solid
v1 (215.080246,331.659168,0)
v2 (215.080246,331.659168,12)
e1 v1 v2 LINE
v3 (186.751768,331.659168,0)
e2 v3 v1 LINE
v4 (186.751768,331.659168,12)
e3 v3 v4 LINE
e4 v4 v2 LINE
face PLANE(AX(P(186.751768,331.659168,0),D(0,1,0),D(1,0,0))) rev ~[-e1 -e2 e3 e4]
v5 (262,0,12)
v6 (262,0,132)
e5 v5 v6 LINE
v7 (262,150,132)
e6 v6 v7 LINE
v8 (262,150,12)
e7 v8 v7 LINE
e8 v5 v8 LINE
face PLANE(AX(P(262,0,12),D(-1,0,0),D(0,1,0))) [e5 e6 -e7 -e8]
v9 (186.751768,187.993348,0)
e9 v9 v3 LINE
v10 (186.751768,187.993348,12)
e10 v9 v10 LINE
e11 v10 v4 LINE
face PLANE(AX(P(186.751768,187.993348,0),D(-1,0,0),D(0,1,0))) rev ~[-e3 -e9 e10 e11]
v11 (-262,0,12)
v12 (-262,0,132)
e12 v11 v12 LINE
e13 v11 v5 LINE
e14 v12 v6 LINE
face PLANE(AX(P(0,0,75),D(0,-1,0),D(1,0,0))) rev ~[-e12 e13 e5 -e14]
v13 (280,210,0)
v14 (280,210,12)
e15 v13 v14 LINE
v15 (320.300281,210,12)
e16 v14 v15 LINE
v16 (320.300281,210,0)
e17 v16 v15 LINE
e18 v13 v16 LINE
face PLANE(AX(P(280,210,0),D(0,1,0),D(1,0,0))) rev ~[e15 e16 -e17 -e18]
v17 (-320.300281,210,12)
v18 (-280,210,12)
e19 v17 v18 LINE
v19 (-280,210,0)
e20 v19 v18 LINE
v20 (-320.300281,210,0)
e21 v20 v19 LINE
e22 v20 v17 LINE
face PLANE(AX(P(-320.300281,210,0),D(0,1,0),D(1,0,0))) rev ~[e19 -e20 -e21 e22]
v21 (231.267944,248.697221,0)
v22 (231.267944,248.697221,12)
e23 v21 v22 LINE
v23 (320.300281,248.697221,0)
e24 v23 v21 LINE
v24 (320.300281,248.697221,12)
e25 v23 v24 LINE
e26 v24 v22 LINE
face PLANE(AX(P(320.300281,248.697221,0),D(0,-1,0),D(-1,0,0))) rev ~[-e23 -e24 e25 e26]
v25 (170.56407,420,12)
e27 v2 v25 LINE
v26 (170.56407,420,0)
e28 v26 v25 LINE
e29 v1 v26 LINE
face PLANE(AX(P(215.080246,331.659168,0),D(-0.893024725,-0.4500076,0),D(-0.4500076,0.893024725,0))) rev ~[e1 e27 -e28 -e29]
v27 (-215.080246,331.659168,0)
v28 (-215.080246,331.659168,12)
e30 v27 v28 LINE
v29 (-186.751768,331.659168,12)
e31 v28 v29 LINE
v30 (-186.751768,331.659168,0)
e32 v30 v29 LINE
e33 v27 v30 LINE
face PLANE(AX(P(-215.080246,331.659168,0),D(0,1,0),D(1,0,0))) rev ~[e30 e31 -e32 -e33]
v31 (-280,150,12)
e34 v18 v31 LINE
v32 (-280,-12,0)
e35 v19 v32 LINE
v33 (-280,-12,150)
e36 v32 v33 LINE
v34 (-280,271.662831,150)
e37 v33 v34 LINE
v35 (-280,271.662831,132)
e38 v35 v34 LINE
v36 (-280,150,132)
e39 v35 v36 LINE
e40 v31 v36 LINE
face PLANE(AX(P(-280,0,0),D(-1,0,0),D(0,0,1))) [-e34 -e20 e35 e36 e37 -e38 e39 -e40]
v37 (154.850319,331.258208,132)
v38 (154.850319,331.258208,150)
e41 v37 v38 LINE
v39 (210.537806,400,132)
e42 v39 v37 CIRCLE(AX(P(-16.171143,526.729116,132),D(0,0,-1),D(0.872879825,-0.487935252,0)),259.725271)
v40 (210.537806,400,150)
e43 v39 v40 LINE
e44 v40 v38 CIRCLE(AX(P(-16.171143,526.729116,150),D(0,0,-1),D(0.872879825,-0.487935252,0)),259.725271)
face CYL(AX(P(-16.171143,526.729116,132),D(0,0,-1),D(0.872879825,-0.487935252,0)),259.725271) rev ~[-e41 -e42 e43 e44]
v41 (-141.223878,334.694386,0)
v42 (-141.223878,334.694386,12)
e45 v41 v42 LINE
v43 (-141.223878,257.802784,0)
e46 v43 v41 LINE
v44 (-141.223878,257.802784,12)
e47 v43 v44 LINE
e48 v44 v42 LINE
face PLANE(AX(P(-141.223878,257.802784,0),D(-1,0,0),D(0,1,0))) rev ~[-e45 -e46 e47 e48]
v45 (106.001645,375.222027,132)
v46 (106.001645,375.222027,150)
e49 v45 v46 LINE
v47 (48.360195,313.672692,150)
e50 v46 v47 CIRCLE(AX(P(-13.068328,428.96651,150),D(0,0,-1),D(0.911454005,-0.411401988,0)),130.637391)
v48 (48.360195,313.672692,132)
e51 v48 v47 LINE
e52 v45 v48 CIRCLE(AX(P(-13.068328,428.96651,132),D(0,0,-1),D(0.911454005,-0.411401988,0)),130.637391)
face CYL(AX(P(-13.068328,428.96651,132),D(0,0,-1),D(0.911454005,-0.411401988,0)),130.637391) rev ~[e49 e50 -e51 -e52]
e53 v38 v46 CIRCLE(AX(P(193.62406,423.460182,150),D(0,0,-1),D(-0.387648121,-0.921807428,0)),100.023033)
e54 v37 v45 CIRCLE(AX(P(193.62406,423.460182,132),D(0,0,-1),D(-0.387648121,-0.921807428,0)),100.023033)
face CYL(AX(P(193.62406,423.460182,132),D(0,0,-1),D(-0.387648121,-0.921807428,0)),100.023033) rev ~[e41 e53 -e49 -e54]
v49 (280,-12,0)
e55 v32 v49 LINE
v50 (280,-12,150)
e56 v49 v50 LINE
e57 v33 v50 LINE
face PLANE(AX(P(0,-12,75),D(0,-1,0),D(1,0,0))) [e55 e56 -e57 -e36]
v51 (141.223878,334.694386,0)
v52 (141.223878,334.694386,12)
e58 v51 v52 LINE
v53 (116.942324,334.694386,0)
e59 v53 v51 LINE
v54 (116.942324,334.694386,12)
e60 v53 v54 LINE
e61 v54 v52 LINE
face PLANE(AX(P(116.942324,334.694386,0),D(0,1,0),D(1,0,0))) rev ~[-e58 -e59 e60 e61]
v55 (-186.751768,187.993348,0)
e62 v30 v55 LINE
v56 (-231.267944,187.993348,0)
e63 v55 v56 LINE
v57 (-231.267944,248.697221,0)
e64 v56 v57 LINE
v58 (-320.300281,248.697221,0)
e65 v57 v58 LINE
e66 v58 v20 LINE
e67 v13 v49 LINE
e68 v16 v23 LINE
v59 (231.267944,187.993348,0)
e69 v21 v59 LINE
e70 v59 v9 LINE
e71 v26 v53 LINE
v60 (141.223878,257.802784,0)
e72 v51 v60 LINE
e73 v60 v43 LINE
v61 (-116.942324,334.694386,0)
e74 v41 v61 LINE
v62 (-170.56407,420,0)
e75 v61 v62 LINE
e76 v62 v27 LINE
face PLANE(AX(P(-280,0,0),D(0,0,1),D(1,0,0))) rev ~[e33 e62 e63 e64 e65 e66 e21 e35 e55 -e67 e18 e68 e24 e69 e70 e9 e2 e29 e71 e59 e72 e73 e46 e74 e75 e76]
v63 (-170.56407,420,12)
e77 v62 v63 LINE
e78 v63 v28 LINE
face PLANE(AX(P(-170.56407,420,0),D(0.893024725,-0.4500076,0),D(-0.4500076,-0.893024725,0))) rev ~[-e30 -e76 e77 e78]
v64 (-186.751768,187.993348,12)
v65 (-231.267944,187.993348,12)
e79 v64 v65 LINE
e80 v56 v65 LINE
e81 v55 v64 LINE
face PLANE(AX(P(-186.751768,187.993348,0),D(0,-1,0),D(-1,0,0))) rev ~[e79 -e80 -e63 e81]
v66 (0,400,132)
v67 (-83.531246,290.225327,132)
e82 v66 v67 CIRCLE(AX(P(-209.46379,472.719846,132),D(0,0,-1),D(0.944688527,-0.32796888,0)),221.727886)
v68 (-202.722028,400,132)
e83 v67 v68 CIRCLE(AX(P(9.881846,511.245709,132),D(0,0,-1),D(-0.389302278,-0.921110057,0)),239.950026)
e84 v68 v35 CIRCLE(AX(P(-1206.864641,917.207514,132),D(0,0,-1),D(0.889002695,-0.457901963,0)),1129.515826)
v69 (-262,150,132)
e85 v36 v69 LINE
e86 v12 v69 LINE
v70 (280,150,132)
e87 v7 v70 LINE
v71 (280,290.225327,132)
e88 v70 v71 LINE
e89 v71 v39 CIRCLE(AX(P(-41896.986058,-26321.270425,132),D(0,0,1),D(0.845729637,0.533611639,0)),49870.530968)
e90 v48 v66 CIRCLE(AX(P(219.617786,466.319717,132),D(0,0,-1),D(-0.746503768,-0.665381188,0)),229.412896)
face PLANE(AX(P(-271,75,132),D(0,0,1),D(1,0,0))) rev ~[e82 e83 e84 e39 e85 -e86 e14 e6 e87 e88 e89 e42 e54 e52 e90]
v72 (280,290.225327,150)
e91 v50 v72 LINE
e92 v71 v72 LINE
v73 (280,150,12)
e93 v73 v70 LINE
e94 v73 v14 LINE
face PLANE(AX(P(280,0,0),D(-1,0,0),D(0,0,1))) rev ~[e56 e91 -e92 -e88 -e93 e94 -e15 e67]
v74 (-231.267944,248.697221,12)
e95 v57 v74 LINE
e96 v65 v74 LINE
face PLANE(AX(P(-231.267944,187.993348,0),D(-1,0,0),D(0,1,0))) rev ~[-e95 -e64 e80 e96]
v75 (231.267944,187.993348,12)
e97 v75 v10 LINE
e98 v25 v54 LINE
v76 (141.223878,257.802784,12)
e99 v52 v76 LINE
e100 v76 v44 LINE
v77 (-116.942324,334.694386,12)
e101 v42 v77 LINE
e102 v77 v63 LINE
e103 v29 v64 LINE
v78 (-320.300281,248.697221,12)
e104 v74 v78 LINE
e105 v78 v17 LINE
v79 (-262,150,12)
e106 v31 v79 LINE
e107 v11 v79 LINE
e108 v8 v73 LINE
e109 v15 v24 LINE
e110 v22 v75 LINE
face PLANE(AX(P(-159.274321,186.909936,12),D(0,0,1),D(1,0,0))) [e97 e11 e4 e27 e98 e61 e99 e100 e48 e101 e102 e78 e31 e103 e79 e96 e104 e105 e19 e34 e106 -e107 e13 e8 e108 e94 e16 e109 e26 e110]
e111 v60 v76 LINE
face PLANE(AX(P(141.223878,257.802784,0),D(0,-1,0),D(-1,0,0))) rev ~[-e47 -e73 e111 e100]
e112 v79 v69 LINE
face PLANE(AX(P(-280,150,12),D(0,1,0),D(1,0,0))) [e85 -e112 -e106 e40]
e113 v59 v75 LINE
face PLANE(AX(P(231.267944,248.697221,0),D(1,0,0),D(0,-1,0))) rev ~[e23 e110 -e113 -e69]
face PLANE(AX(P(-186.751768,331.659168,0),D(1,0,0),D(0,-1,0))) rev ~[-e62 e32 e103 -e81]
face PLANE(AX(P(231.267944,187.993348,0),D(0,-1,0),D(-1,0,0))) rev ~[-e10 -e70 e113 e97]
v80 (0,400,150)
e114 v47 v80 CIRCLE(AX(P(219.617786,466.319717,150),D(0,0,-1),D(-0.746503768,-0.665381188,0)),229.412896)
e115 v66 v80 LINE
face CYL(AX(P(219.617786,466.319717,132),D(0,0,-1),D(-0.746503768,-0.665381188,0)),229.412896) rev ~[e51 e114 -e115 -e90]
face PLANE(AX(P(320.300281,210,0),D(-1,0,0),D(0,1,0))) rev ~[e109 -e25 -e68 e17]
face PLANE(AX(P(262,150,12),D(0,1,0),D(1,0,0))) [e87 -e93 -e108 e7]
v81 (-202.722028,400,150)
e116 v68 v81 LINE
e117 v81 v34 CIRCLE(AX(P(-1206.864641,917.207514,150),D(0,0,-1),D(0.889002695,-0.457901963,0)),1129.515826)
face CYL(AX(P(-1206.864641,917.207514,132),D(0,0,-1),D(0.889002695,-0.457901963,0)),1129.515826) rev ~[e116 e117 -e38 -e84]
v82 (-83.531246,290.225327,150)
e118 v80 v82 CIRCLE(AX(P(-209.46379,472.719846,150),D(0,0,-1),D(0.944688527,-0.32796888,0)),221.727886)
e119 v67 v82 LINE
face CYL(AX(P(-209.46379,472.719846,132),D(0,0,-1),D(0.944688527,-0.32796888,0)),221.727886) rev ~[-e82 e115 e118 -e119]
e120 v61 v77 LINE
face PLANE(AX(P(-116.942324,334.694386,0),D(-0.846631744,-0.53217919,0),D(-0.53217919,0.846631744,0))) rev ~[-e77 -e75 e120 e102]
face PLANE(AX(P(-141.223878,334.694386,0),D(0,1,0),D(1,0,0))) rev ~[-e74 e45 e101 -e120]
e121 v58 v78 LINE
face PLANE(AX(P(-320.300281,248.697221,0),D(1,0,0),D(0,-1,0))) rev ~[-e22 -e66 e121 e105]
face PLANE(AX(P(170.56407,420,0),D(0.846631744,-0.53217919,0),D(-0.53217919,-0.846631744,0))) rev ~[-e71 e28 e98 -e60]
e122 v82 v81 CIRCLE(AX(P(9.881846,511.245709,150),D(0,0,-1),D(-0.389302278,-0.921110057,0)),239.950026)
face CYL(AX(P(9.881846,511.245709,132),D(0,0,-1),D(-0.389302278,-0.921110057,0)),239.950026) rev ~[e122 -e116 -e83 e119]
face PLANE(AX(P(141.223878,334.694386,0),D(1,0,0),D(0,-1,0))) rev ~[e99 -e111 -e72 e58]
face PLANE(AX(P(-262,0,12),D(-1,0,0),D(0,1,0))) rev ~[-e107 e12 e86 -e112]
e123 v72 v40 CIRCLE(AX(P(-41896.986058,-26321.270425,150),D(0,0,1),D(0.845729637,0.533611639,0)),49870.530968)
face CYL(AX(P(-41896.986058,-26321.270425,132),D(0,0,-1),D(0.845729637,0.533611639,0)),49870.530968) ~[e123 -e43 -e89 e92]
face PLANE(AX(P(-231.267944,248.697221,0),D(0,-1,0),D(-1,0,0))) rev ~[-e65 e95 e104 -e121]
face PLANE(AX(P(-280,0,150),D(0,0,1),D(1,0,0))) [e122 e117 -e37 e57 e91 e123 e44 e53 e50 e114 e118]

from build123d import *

# Parameters (mm, degrees)
F1_DEPTH = 12
F2_W     = 18
F2_H     = 150
F3_DEPTH = 120
F4_W     = 18
F4_H     = 150
F5_DEPTH = 18
F6_W     = 560
F6_H     = 150
F7_DEPTH = 12


with BuildPart() as f1:
    # F0 (on Top) → F1 (new body)
    with BuildSketch(Plane.XY):
        Polygon((-280, 0), (0, 0), (0, 257.8027844429), (-141.2238776684, 257.8027844429), (-141.2238776684, 334.6943855286), (-116.9423237443, 334.6943855286), (-170.564070344, 420), (-215.0802463293, 331.659168005), (-186.751767993, 331.659168005), (-186.751767993, 187.9933476448), (-231.2679439783, 187.9933476448), (-231.2679439783, 248.6972212791), (-320.3002810478, 248.6972212791), (-320.3002810478, 210), (-280, 210), align=None)
        Polygon((0, 257.8027844429), (0, 0), (280, 0), (280, 210), (320.3002810478, 210), (320.3002810478, 248.6972212791), (231.2679439783, 248.6972212791), (231.2679439783, 187.9933476448), (186.751767993, 187.9933476448), (186.751767993, 331.659168005), (215.0802463293, 331.659168005), (170.564070344, 420), (116.9423237443, 334.6943855286), (141.2238776684, 334.6943855286), (141.2238776684, 257.8027844429), align=None)
    extrude(amount=F1_DEPTH)

    # F2 (on face) → F3 (join)
    with BuildSketch(Plane.XY.offset(12)):
        with Locations((271, 75)):
            Rectangle(F2_W, F2_H)
        with Locations((-271, 75)):
            Rectangle(F2_W, F2_H)
    extrude(amount=F3_DEPTH)

    # F4 (on face) → F5 (join)
    with BuildSketch(Plane.XY.offset(132)):
        with Locations((-271, 75)):
            Rectangle(F4_W, F4_H)
        with BuildLine():
            Line((-262, 150), (-262, 0))
            Line((-262, 0), (280, 0))
            Line((280, 0), (280, 290.2253270149))
            ThreePointArc((280, 290.2253270149), (245.3046465179, 345.1352809089), (210.5378061533, 400))
            ThreePointArc((210.5378061533, 400), (185.6424554033, 363.2406210102), (154.8503190279, 331.2582075596))
            ThreePointArc((154.8503190279, 331.2582075596), (126.7121671615, 349.1136575609), (106.0016453266, 375.2220273018))
            ThreePointArc((106.0016453266, 375.2220273018), (82.2836881086, 339.6685760287), (48.3601950109, 313.6726915836))
            ThreePointArc((48.3601950109, 313.6726915836), (19.4703625217, 354.197972067), (0, 400))
            ThreePointArc((0, 400), (-33.0118277181, 338.4516060295), (-83.5312455893, 290.2253270149))
            ThreePointArc((-83.5312455893, 290.2253270149), (-152.6734230413, 334.7469853741), (-202.7220278978, 400))
            ThreePointArc((-202.7220278978, 400), (-239.2310011006, 334.5488326327), (-280, 271.6628313065))
            Line((-280, 271.6628313065), (-280, 150))
            Line((-280, 150), (-262, 150))
        make_face()
    extrude(amount=F5_DEPTH)

    # F6 (on face) → F7 (join)
    with BuildSketch(Plane.XZ):
        with Locations((0, 75)):
            Rectangle(F6_W, F6_H)
    extrude(amount=F7_DEPTH)


solid = f1.part
